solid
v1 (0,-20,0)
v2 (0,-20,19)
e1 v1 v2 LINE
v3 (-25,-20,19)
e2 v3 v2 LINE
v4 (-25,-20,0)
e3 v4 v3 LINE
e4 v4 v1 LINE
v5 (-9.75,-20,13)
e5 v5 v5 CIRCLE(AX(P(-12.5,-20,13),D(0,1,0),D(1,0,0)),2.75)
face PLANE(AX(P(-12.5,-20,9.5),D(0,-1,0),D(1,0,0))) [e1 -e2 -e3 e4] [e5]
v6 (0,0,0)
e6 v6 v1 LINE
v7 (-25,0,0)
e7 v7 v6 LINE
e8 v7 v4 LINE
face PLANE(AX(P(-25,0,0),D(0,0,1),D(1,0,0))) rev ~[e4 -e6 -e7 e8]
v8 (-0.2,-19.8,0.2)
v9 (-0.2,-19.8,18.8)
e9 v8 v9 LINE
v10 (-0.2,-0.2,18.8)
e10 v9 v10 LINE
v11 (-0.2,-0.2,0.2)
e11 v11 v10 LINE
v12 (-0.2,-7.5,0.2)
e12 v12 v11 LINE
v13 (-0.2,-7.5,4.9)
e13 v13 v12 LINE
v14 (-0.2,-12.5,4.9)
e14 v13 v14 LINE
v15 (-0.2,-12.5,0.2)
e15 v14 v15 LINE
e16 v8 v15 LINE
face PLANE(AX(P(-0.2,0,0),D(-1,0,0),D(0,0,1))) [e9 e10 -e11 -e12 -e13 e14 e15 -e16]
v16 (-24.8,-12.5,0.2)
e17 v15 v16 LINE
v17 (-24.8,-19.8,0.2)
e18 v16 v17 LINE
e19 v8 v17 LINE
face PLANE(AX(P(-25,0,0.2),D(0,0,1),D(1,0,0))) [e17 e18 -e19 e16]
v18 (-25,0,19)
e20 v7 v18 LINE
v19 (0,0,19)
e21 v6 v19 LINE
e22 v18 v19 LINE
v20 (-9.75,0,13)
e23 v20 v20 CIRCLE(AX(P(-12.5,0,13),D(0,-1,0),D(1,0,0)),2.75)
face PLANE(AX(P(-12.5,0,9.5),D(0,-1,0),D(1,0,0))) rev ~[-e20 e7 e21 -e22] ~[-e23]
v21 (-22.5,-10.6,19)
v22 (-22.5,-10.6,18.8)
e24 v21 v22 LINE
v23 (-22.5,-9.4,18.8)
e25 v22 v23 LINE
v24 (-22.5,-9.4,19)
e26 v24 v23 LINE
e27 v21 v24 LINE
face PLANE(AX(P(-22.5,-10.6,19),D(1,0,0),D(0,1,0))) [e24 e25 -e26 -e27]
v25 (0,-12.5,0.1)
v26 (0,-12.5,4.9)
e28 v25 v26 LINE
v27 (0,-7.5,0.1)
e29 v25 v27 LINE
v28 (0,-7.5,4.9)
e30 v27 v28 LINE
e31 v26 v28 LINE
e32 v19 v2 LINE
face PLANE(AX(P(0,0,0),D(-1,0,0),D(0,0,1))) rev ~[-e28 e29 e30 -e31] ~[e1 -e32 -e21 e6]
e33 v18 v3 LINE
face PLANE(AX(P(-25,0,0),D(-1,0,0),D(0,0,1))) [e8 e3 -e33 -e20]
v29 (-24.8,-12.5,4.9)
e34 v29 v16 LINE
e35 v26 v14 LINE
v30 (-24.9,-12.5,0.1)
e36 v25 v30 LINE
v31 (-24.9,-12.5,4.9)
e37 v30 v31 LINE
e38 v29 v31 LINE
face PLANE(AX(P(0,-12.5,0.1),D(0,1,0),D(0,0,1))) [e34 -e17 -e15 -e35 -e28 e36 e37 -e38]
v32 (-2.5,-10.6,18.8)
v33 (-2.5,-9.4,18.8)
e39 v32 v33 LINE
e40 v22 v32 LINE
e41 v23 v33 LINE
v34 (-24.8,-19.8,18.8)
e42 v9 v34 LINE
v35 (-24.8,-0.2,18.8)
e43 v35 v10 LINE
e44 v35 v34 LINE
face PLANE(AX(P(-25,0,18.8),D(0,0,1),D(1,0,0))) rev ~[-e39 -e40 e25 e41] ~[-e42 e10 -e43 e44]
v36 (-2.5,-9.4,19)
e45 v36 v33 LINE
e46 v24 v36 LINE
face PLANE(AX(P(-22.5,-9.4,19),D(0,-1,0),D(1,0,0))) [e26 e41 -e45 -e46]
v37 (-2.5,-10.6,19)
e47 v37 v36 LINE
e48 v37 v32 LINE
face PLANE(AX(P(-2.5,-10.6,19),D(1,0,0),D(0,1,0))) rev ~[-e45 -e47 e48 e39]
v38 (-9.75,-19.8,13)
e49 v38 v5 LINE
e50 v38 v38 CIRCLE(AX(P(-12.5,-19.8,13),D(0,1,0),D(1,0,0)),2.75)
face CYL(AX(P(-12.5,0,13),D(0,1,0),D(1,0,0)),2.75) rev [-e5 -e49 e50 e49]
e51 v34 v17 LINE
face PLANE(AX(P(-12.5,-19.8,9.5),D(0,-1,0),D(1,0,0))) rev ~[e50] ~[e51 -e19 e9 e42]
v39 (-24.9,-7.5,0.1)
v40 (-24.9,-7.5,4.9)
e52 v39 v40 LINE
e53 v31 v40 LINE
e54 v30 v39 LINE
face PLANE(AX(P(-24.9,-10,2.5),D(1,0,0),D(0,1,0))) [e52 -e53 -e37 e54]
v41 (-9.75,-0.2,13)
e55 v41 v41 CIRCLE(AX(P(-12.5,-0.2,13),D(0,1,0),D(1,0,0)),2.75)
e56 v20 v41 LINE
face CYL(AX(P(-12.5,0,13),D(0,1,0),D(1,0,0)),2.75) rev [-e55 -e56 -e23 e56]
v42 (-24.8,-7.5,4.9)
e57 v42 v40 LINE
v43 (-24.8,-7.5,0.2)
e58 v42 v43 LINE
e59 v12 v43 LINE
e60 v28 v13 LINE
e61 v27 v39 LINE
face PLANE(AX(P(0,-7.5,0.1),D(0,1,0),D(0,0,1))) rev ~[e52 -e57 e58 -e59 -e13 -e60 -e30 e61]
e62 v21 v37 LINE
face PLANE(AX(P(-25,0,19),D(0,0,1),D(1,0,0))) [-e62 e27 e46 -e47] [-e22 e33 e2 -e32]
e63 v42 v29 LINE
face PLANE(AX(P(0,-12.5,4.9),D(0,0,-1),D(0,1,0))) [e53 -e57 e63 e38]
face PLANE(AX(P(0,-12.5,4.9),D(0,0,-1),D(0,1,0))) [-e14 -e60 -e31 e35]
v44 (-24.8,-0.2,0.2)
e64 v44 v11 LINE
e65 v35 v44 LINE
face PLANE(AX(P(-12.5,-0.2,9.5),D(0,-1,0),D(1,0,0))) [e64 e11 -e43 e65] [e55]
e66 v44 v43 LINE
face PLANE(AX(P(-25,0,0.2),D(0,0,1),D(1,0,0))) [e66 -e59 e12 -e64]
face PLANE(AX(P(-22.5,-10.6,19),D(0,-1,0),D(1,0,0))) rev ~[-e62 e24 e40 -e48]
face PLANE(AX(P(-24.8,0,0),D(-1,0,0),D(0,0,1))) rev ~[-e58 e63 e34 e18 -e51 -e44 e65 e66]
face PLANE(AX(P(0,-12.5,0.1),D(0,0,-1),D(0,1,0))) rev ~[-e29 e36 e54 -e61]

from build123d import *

# Parameters (mm, degrees)
F0_W     = 25
F0_H     = 19
F1_DEPTH = 20
F3_T     = -0.2
F2_R     = 2.75
F4_DEPTH = 25
F5_W     = 20
F5_H     = 1.2
F6_DEPTH = 1
F7_W     = 5
F7_H     = 4.8
F8_DEPTH = 24.9


with BuildPart() as f1:
    # F0 (on Front) → F1 (new body)
    with BuildSketch(Plane.XZ):
        with Locations((-12.5, 9.5)):
            Rectangle(F0_W, F0_H)
    extrude(amount=F1_DEPTH)

    # F3 (hollow: no face is removed)
    offset(amount=F3_T, mode=Mode.SUBTRACT)

    # F2 (on Front) → F4 (cut)
    with BuildSketch(Plane.XZ):
        with Locations((-12.5, 13)):
            Circle(F2_R)
    extrude(amount=F4_DEPTH, mode=Mode.SUBTRACT)

    # F5 (on face) → F6 (cut)
    with BuildSketch(Plane.XY.offset(19)):
        with Locations((-12.5, -10)):
            Rectangle(F5_W, F5_H)
    extrude(amount=-F6_DEPTH, mode=Mode.SUBTRACT)

    # F7 (on face) → F8 (cut)
    with BuildSketch(Plane.YZ):
        with Locations((-10, 2.5)):
            Rectangle(F7_W, F7_H)
    extrude(amount=-F8_DEPTH, mode=Mode.SUBTRACT)


solid = f1.part
